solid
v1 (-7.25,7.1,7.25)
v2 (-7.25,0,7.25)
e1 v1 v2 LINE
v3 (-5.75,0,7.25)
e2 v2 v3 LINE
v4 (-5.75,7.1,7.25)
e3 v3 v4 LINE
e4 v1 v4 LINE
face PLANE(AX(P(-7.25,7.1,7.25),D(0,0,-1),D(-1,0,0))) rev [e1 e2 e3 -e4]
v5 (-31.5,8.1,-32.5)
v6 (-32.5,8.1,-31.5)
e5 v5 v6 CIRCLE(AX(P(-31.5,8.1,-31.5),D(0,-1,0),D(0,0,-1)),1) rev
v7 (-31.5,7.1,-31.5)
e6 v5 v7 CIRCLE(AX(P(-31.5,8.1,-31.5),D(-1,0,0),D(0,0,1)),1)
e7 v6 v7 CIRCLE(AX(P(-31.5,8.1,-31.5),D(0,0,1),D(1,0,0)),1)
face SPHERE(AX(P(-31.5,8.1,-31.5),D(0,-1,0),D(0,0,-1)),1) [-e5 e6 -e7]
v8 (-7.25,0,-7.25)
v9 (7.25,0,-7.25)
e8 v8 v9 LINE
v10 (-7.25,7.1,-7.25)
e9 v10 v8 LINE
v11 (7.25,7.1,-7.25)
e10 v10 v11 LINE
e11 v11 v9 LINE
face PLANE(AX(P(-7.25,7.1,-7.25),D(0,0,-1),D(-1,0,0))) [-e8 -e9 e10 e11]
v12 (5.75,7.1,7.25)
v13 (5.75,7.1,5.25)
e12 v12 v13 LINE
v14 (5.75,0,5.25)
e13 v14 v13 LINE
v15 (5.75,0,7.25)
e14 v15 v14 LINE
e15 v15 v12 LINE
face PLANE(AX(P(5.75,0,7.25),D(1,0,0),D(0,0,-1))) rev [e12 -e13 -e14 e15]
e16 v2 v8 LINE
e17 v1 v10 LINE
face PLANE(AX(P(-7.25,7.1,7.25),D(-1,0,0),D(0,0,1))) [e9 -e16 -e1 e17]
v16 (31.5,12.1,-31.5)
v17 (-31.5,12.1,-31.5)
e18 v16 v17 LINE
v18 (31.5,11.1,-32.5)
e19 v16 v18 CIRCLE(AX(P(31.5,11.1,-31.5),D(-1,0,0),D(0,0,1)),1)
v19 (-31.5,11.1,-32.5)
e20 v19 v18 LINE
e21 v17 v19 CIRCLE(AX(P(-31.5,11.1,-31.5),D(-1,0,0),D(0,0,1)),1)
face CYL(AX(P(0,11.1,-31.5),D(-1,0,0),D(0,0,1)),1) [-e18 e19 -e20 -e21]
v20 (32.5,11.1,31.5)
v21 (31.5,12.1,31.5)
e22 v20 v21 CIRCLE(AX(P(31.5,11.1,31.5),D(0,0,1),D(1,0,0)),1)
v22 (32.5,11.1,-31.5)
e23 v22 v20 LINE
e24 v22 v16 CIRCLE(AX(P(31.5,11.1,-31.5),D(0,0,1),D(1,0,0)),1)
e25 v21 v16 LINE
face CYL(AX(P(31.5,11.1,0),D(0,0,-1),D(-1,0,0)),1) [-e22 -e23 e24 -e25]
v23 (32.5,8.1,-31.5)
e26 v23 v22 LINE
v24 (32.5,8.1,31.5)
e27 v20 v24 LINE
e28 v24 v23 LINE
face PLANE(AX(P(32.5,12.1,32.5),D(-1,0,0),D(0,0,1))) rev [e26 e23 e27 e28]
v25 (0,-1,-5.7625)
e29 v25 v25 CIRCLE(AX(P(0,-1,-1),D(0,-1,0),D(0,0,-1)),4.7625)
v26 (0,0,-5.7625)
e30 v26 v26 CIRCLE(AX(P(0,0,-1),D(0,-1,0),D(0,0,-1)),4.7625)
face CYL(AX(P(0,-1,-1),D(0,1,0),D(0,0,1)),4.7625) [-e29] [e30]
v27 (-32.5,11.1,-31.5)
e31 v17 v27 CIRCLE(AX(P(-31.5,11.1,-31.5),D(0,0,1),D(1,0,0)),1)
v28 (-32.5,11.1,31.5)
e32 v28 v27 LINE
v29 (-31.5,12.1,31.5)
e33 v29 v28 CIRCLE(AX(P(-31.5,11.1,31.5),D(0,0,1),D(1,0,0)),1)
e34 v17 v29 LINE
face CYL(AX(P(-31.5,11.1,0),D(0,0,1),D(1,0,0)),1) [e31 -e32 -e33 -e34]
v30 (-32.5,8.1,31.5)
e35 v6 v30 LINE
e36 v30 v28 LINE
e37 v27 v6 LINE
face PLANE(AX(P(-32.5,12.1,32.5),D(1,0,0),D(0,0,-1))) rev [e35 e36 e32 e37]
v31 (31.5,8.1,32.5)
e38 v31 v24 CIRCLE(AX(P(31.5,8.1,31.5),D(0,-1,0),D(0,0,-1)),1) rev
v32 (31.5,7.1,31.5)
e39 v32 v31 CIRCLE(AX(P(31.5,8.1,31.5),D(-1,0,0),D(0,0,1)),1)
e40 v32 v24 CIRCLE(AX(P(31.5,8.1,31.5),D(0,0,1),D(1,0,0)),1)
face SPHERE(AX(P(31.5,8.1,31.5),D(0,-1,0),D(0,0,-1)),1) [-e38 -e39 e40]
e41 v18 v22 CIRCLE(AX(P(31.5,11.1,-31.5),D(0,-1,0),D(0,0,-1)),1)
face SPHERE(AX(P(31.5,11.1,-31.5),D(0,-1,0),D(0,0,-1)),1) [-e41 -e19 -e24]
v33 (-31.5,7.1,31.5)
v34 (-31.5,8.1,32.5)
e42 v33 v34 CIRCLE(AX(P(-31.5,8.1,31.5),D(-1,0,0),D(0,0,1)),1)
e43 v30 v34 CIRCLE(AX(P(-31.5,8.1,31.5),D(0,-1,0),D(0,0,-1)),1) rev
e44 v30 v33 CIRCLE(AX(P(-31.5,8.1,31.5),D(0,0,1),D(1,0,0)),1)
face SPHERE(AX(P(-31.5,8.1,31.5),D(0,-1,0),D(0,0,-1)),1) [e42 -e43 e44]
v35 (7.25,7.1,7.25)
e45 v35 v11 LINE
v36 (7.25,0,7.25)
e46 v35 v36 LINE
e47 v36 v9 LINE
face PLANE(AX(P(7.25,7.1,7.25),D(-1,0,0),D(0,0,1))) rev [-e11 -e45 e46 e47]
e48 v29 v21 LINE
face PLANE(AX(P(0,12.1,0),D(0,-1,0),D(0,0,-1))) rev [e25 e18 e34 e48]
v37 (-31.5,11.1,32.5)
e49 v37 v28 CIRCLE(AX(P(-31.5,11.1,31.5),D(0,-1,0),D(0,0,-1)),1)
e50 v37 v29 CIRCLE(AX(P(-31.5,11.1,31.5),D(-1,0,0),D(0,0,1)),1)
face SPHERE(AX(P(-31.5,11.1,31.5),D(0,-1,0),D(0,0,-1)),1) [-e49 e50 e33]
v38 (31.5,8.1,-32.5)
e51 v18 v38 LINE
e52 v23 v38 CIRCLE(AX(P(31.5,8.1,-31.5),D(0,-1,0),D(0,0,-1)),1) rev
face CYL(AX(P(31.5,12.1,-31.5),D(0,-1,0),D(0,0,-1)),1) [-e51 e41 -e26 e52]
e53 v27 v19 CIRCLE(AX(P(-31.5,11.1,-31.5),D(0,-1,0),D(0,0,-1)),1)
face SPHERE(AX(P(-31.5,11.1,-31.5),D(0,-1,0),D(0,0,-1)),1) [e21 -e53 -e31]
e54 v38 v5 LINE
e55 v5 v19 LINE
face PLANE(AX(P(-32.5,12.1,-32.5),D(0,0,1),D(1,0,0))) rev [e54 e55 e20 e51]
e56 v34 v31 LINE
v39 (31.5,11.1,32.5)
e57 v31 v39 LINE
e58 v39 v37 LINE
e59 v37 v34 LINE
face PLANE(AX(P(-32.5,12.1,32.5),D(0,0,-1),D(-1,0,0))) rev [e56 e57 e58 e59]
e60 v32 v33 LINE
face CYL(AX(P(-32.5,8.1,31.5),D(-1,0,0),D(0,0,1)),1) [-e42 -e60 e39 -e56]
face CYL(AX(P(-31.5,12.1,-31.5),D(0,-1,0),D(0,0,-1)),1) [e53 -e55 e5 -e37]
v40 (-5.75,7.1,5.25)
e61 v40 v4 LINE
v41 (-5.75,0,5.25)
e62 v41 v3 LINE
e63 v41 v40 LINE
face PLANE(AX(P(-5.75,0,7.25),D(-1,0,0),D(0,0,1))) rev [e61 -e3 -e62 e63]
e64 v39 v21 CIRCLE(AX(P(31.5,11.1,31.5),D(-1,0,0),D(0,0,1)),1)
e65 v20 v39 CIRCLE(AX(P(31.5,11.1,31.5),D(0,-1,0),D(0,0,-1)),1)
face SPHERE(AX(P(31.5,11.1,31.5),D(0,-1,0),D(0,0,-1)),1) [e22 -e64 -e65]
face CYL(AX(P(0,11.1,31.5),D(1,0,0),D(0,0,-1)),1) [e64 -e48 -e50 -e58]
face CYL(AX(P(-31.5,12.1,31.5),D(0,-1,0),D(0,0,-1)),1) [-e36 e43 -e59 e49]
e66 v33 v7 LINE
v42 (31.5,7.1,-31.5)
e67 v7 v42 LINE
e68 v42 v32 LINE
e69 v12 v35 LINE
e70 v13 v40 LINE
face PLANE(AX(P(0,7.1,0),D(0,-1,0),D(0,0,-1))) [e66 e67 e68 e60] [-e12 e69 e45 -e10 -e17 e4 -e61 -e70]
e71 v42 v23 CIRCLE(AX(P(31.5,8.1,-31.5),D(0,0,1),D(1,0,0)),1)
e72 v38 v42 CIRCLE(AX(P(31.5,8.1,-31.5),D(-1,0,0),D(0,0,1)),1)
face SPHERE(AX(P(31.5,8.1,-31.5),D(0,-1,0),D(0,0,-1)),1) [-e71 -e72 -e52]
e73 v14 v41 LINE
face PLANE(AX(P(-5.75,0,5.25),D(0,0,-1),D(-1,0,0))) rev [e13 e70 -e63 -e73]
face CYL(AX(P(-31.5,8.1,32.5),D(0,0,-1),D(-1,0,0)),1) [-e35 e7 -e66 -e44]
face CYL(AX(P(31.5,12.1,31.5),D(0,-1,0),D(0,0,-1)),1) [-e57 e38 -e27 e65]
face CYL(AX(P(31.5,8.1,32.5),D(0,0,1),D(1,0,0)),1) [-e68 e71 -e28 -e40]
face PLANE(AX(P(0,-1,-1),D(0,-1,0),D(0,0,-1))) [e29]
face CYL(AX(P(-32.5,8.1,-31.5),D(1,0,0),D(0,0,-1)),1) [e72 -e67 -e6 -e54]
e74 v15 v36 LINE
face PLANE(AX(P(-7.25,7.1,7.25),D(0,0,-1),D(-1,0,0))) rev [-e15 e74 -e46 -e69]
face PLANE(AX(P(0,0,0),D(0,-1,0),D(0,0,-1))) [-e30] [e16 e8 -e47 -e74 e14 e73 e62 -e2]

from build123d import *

# Parameters (mm, degrees)
SKETCH1_W           = 14.5
SKETCH1_H           = 14.5
BOSS_EXTRUDE1_DEPTH = 7.1
SKETCH2_W           = 11.5
SKETCH2_H           = 2
CUT_EXTRUDE1_DEPTH  = 13.471367207
SKETCH5_R           = 4.7625
BOSS_EXTRUDE2_DEPTH = 1
SKETCH6_W           = 65
SKETCH6_H           = 65
BOSS_EXTRUDE3_DEPTH = 5
FILLET1_R           = 1
FILLET2_R           = 1


with BuildPart() as part:
    # Sketch1 → Boss-Extrude1 (new body)
    with BuildSketch(Plane(origin=(0, 0, 0), x_dir=(1, 0, 0), z_dir=(0, 1, 0))):
        Rectangle(SKETCH1_W, SKETCH1_H)
    extrude(amount=BOSS_EXTRUDE1_DEPTH)

    # Sketch2 → Cut-Extrude1 (cut, through all)
    with BuildSketch(Plane(origin=(0, 7.1, 0), x_dir=(1, 0, 0), z_dir=(0, 1, 0))):
        with Locations((0, -6.25)):
            Rectangle(SKETCH2_W, SKETCH2_H)
    extrude(amount=-CUT_EXTRUDE1_DEPTH, mode=Mode.SUBTRACT)

    # Sketch5 → Boss-Extrude2 (add)
    with BuildSketch(Plane.XZ):
        with Locations(Location((0, -1, 0), (0, 0, 270))):
            Circle(SKETCH5_R)
    extrude(amount=BOSS_EXTRUDE2_DEPTH)

    # Sketch6 → Boss-Extrude3 (add)
    with BuildSketch(Plane(origin=(0, 7.1, 0), x_dir=(1, 0, 0), z_dir=(0, 1, 0))):
        Rectangle(SKETCH6_W, SKETCH6_H)
    extrude(amount=BOSS_EXTRUDE3_DEPTH)

    # Fillet1
    fillet1_edges = [part.edges().sort_by_distance(p)[0] for p in [
        (32.5, 9.6, 32.5),
        (32.5, 9.6, -32.5),
        (-32.5, 9.6, -32.5),
        (-32.5, 9.6, 32.5),
    ]]
    fillet(fillet1_edges, radius=FILLET1_R)

    # Fillet2
    fillet2_edges = [part.edges().sort_by_distance(p)[0] for p in [
        (0, 7.1, 32.5),
        (0, 12.1, 32.5),
        (32.5, 7.1, 0),
        (-32.5, 7.1, 0),
        (0, 7.1, -32.5),
        (32.207106781, 7.1, 32.207106781),
        (32.207106781, 7.1, -32.207106781),
        (-32.207106781, 7.1, -32.207106781),
        (-32.207106781, 7.1, 32.207106781),
        (-32.5, 12.1, 0),
        (32.5, 12.1, 0),
        (0, 12.1, -32.5),
        (32.207106781, 12.1, 32.207106781),
        (32.207106781, 12.1, -32.207106781),
        (-32.207106781, 12.1, -32.207106781),
        (-32.207106781, 12.1, 32.207106781),
    ]]
    fillet(fillet2_edges, radius=FILLET2_R)


solid = part.part
